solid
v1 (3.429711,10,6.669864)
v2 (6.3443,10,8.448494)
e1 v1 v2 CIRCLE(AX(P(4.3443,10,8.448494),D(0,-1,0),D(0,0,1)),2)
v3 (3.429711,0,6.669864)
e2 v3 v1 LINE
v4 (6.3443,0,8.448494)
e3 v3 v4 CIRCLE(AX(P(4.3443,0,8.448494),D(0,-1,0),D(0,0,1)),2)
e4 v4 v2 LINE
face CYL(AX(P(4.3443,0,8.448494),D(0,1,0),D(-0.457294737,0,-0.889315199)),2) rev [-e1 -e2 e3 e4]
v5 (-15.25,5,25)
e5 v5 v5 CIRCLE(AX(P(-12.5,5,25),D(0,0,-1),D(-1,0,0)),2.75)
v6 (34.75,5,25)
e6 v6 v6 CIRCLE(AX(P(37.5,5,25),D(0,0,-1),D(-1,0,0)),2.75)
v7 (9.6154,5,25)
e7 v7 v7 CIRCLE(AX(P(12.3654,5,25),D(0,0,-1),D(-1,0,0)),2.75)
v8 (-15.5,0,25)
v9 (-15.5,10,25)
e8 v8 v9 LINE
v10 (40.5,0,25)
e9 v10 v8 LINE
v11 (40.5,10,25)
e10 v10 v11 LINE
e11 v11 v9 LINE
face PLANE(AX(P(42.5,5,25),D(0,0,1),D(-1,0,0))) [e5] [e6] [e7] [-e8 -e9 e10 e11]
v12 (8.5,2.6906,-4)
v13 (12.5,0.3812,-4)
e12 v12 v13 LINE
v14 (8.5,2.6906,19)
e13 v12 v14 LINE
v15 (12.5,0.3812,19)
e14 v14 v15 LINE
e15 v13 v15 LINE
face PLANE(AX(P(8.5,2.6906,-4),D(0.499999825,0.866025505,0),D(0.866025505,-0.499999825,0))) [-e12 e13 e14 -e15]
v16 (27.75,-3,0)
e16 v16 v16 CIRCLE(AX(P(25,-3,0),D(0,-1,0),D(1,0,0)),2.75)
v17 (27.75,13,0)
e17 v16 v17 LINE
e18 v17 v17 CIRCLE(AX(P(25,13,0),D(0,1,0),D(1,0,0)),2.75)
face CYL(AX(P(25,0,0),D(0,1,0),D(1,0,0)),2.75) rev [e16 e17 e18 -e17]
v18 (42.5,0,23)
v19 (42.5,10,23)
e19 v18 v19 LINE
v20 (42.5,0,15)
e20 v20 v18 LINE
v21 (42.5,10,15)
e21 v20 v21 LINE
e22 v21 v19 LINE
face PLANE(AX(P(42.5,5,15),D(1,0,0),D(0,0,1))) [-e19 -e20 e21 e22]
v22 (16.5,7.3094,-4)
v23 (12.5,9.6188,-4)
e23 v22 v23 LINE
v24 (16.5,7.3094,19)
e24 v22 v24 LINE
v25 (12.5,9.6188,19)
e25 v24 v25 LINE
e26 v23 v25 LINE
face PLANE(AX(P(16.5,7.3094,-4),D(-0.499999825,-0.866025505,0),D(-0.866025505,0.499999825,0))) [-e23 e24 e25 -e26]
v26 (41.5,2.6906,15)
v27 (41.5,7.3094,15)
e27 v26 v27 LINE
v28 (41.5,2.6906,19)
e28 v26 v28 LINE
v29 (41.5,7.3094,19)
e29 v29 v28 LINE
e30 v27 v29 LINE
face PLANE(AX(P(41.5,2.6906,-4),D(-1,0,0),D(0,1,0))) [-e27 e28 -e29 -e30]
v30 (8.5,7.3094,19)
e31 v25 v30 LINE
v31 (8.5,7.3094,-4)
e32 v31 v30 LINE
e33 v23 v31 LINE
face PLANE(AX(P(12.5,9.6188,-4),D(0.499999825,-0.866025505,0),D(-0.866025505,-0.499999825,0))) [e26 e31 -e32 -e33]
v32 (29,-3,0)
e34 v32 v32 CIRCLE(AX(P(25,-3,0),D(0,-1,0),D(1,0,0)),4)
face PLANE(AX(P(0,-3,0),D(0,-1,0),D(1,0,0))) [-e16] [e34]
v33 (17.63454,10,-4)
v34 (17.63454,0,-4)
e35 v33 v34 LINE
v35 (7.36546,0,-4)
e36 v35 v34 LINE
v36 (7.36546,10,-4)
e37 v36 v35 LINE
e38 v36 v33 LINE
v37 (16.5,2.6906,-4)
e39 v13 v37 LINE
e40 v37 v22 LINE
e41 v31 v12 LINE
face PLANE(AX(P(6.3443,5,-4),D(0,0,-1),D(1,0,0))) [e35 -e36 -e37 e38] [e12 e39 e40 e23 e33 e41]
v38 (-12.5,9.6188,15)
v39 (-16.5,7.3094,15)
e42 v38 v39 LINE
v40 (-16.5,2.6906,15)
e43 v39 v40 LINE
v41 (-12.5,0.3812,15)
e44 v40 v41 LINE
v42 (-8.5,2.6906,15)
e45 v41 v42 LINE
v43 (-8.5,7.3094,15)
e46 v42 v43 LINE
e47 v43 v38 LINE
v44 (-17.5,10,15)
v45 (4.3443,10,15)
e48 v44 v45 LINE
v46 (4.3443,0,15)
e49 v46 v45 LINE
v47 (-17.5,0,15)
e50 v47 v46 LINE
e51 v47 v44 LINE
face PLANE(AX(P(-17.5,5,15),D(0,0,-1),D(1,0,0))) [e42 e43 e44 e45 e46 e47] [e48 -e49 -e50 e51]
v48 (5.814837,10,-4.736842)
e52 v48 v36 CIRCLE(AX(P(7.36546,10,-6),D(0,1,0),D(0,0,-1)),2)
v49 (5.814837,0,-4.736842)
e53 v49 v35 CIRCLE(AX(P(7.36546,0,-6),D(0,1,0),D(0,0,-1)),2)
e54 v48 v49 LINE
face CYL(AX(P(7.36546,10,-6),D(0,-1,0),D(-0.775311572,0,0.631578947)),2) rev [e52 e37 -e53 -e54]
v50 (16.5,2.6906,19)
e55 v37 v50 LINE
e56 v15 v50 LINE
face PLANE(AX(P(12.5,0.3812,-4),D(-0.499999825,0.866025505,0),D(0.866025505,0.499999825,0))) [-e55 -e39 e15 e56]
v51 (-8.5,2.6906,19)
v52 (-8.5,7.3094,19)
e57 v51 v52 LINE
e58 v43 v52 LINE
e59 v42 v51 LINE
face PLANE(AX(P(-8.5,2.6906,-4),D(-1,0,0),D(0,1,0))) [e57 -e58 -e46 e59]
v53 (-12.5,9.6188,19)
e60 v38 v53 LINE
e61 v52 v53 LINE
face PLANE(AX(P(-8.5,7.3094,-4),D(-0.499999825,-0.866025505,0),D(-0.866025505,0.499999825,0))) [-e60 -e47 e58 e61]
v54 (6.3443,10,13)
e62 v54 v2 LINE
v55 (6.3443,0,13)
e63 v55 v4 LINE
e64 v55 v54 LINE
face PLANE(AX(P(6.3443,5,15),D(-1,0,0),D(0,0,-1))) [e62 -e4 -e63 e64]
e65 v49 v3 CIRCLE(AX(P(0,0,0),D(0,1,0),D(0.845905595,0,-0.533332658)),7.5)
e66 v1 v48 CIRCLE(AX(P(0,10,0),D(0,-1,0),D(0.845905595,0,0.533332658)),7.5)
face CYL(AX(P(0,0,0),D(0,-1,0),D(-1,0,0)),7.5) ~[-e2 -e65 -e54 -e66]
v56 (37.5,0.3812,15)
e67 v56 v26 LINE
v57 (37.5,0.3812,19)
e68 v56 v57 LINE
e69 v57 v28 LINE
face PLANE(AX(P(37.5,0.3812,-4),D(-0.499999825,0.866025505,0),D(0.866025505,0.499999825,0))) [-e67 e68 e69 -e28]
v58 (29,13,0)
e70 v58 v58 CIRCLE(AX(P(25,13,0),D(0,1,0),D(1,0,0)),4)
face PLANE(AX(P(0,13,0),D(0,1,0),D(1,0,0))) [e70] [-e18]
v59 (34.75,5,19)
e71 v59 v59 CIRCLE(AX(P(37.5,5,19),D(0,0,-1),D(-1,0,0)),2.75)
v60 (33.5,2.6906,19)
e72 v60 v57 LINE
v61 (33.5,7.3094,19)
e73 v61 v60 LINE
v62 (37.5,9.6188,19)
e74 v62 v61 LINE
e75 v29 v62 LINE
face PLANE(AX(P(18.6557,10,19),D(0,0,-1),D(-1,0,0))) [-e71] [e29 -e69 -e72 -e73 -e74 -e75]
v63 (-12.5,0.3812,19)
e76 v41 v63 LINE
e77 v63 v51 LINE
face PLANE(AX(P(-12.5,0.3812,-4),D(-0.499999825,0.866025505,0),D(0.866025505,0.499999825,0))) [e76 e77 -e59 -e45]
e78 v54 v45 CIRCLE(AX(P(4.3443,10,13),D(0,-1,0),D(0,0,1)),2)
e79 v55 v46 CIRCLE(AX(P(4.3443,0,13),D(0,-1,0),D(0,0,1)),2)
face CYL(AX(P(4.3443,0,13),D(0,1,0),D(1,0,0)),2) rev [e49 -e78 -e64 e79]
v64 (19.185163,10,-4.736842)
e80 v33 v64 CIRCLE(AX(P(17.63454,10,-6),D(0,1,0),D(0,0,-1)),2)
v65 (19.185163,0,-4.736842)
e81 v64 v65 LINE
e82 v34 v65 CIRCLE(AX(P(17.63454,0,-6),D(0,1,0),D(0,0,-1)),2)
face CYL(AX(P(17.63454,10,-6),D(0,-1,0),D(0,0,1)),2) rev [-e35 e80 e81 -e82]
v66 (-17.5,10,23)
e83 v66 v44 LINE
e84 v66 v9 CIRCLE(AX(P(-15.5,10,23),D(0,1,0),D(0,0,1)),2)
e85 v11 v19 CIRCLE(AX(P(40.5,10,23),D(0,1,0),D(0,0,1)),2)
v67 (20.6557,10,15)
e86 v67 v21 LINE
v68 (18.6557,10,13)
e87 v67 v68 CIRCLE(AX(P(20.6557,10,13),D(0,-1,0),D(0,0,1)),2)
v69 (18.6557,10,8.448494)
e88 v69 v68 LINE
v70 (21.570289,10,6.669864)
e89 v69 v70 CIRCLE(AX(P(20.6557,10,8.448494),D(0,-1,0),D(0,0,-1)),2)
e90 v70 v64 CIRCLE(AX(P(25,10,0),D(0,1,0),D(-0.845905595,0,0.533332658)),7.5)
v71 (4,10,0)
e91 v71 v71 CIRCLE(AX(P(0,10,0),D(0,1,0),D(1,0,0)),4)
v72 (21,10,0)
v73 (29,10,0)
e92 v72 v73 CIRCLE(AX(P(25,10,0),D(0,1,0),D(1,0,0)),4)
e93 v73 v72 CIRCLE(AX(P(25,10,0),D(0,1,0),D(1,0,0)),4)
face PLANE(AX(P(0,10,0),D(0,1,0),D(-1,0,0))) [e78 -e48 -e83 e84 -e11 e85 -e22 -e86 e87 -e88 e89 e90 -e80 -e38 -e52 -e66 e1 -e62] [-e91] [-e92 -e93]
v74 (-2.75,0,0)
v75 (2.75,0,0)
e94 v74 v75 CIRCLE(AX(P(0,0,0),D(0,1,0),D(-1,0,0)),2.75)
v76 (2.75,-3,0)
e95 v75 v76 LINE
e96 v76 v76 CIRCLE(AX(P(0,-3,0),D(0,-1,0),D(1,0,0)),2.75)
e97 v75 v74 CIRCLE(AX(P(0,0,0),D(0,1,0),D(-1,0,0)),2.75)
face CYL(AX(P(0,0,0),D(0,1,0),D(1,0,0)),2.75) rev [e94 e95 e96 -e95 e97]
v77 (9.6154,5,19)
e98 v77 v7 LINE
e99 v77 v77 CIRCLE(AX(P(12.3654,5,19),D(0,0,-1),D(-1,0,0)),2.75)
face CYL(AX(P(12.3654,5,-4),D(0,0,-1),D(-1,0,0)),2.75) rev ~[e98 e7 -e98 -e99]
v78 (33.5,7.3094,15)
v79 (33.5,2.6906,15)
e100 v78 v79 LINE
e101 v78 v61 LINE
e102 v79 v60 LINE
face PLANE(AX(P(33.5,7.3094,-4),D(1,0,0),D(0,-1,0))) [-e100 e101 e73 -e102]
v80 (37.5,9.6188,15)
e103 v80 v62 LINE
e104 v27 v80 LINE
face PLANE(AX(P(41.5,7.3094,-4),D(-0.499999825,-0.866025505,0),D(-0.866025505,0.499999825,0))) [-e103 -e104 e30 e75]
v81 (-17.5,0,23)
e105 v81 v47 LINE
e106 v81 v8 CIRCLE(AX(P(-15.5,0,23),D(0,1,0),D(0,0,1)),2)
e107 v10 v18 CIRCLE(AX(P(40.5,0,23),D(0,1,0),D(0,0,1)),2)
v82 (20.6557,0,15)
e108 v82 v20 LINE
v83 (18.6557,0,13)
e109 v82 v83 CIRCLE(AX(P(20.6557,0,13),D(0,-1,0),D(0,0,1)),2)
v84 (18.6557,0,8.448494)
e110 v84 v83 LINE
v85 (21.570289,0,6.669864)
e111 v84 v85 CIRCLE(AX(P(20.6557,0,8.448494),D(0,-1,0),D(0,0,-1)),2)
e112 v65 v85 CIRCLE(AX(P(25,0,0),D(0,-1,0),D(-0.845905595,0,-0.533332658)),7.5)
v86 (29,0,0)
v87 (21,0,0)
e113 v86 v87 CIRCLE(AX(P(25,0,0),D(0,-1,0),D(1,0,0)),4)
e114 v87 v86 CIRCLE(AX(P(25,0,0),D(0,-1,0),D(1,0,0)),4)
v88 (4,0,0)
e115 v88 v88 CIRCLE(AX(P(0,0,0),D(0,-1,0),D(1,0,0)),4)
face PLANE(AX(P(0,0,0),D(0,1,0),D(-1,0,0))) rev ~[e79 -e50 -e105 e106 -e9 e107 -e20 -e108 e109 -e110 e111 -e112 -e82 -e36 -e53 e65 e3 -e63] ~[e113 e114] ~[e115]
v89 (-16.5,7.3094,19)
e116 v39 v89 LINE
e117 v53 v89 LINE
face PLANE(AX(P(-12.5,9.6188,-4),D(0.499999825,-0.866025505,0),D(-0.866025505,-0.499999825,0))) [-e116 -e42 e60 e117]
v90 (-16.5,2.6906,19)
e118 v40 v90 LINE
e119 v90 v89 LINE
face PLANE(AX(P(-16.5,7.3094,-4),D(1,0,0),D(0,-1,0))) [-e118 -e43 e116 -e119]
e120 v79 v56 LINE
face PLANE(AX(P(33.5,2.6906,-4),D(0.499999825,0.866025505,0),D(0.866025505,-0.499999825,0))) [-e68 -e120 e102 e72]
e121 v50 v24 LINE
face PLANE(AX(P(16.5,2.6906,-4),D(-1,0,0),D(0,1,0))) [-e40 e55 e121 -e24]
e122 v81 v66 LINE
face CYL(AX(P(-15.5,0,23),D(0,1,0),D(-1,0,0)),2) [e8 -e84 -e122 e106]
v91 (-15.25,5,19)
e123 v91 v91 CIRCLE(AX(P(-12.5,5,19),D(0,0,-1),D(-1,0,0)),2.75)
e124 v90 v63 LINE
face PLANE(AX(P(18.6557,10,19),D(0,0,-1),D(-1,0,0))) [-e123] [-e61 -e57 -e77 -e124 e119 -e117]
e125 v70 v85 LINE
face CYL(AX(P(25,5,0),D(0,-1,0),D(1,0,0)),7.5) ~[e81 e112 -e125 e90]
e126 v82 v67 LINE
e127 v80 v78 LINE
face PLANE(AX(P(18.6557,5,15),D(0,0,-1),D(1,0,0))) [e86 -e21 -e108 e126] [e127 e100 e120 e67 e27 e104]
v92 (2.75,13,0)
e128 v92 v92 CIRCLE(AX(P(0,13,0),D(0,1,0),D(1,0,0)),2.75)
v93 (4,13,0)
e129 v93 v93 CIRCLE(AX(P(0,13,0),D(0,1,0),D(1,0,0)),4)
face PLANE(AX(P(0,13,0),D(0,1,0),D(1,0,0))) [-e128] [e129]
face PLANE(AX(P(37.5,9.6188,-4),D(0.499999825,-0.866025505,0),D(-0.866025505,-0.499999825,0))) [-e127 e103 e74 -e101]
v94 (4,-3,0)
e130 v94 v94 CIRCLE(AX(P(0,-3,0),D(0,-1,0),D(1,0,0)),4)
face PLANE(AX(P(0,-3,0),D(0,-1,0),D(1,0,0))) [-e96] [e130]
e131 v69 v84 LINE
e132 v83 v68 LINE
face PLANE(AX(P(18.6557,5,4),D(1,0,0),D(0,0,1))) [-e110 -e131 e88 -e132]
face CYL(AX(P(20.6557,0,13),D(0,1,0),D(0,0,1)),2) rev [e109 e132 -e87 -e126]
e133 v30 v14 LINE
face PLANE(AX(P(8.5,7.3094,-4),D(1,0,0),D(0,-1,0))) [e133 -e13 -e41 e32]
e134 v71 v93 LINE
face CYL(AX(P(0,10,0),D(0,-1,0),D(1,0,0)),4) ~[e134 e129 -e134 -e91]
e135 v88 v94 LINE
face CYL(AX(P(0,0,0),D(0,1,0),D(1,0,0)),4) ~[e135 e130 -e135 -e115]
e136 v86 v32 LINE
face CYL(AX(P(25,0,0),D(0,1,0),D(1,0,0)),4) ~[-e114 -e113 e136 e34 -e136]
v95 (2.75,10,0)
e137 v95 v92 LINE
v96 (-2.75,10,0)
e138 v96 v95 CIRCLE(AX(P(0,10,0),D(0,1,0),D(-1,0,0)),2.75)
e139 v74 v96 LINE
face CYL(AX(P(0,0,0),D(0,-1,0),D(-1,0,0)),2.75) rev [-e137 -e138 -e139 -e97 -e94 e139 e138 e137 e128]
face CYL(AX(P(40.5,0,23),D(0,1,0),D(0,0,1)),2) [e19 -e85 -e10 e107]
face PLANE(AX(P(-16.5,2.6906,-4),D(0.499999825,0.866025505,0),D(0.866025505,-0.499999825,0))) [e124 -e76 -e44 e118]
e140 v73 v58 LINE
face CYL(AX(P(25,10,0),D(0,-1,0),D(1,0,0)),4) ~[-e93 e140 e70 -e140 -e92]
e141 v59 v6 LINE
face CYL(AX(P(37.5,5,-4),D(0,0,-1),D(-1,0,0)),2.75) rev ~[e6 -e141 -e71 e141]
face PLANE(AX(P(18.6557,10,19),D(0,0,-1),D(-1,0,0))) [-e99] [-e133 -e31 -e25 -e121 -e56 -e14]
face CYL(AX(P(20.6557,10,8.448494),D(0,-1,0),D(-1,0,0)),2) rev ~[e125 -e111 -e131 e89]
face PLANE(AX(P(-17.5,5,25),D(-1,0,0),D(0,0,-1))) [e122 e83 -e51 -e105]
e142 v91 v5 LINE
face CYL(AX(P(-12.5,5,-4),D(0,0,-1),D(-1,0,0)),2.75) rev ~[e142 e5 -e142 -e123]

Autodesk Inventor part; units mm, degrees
ref_plane "YZ Plane" through (0, 0, 0) normal (1, 0, 0) x (0, 1, 0)
ref_plane "XZ Plane" through (0, 0, 0) normal (0, 1, 0) x (-1, 0, 0)
ref_plane "XY Plane" through (0, 0, 0) normal (0, 0, 1) x (1, 0, 0)
sketch "Sketch4" plane through (0, 0, 0) normal (0, 1, 0) x (-1, 0, 0)
  circle A0 centre (0, 0) radius 7.5
  circle A1 centre (0, 0) radius 2.75
  dimension "d19" = 15
  dimension "d20" = 5.5
extrude "Extrusion4" add sketch "Sketch4" along normal blind 10
ref_plane "Work Plane2" through (0, 5, 0) normal (0, 1, 0) x (1, 0, 0)
sketch "Sketch12" plane through (0, 5, 0) normal (0, 1, 0) x (1, 0, 0)
  circle A0 centre (0, 0) radius 2.75 projected
  line L0 (0, 0) -> (25, 0)
  circle A1 centre (25, 0) radius 2.75
  circle A2 centre (25, 0) radius 7.5
  line L1 (12.5, 0) -> (12.5, -20)
  line L2 (42.5, -25) -> (-17.5, -25)
  line L3 (-17.5, -25) -> (-17.5, -15)
  line L4 (-17.5, -15) -> (42.5, -15)
  line L5 (42.5, -15) -> (42.5, -25)
  line L6 (42.5, -25) -> (-17.5, -15) construction
  line L7 (-17.5, -25) -> (42.5, -15) construction
  circle A3 centre (0, 0) radius 7.5 projected
  line L8 (18.6557, -4) -> (6.3443, -4)
  line L9 (6.3443, -4) -> (6.3443, 4)
  line L10 (6.3443, 4) -> (18.6557, 4)
  line L11 (18.6557, 4) -> (18.6557, -4)
  line L12 (18.6557, -4) -> (6.3443, 4) construction
  line L13 (6.3443, -4) -> (18.6557, 4) construction
  line L14 (6.3443, 4) -> (18.6557, 4)
  line L15 (18.6557, 4) -> (18.6557, -16)
  line L16 (18.6557, -16) -> (6.3443, -16)
  line L17 (6.3443, -16) -> (6.3443, 4)
  point P0 (6.3443, -15)
  point P1 (18.6557, -15)
  dimension "d66" = 25
  dimension "d67" = 5.5
  dimension "d68" = 15
  dimension "d69" = 20
  dimension "d70" = 60
  dimension "d71" = 10
  dimension "d72" = 8
  dimension "d73" = 20
extrude "Extrusion10" add sketch "Sketch12" along normal mid plane 10 contours A3 L10 A2 L0 | L0 L1 L8 A3 | L8 L1 L4 L17 | L0 A2 L8 L1 | L8 L15 L4 L1 | L17 L16 L15 L4 L5 L2 L3 | L4 L1 L16 L17 | L11 L0 A2 | A2 L11 | L0 L11 A2 | L4 L15 L16 L1
sketch "Sketch13" plane through (18.6557, 10, -4) normal (0, 0, -1) x (-1, 0, 0)
  line L0 (0, 0) -> (12.3114, 0) projected
  line L1 (6.1557, 0) -> (6.1557, -5)
  line L2 (6.1557, -9.6188) -> (2.1557, -7.3094)
  line L3 (2.1557, -7.3094) -> (2.1557, -2.6906)
  line L4 (2.1557, -2.6906) -> (6.1557, -0.3812)
  line L5 (6.1557, -0.3812) -> (10.1557, -2.6906)
  line L6 (10.1557, -2.6906) -> (10.1557, -7.3094)
  line L7 (10.1557, -7.3094) -> (6.1557, -9.6188)
  line L8 (36.1557, -10) -> (36.1557, 0) projected
  line L9 (36.1557, -5) -> (31.1557, -5)
  line L10 (31.1557, -9.6188) -> (27.1557, -7.3094)
  line L11 (27.1557, -7.3094) -> (27.1557, -2.6906)
  line L12 (27.1557, -2.6906) -> (31.1557, -0.3812)
  line L13 (31.1557, -0.3812) -> (35.1557, -2.6906)
  line L14 (35.1557, -2.6906) -> (35.1557, -7.3094)
  line L15 (35.1557, -7.3094) -> (31.1557, -9.6188)
  line L16 (-23.8443, -10) -> (-23.8443, 0) projected
  line L17 (-23.8443, -5) -> (-18.8443, -5)
  line L18 (-23.8443, -5) -> (-18.8443, -5) construction
  line L19 (-18.8443, -9.6188) -> (-22.8443, -7.3094)
  line L20 (-22.8443, -7.3094) -> (-22.8443, -2.6906)
  line L21 (-22.8443, -2.6906) -> (-18.8443, -0.3812)
  line L22 (-18.8443, -0.3812) -> (-14.8443, -2.6906)
  line L23 (-14.8443, -2.6906) -> (-14.8443, -7.3094)
  line L24 (-14.8443, -7.3094) -> (-18.8443, -9.6188)
  point P0 (18.6557, -10)
  dimension "d76" = 5
  dimension "d77" = 8
  dimension "d78" = 5
  dimension "d79" = 8
  dimension "d80" = 5
  dimension "d81" = 0
  dimension "d82" = 8
extrude "Extrusion11" cut sketch "Sketch13" against normal blind 23
fillet "Fillet4" radius 2 8 edges at (18.6557, 5, 15) (6.3443, 5, 15) (-17.5, 5, 25) (42.5, 5, 25) (6.3443, 5, -4) (18.6557, 5, -4) (18.6557, 5, 4) (6.3443, 5, 4)
sketch "Sketch14" plane through (17.6345, 0, -4) normal (0, 0, -1) x (-1, 0, 0)
  circle A0 centre (5.2691, 5) radius 2.75
  line L0 (0, 10) -> (10.2691, 10) projected
  line L1 (10.2691, 10) -> (10.2691, 0) projected
  circle A1 centre (-19.8655, 5) radius 2.75
  circle A2 centre (30.1345, 5) radius 2.75
  line L2 (35.1345, 0) -> (35.1345, 10) projected
  line L3 (-24.8655, 0) -> (-24.8655, 10) projected
  point P0 (17.6345, 0)
  dimension "d86" = 5.5
  dimension "d87" = 5
  dimension "d88" = 5
  dimension "d89" = 5.5
  dimension "d90" = 5.5
  dimension "d91" = 5
  dimension "d92" = 5
extrude "Extrusion12" cut sketch "Sketch14" against normal through all
sketch "Sketch15" plane through (0, 10, 0) normal (0, 1, 0) x (1, 0, 0)
  circle A0 centre (0, 0) radius 2.75
  circle A1 centre (25, 0) radius 2.75 projected
  circle A2 centre (25, 0) radius 2.75
  circle A3 centre (0, 0) radius 2.75 projected
  circle A4 centre (0, 0) radius 4
  circle A5 centre (25, 0) radius 4
  dimension "d95" = 5.5
  dimension "d96" = 5.5
  dimension "d97" = 8
  dimension "d98" = 8
extrude "Extrusion13" add sketch "Sketch15" along normal blind 3
sketch "Sketch16" plane through (0, 0, 0) normal (0, -1, 0) x (1, 0, 0)
  circle A0 centre (0, 0) radius 2.75 projected
  circle A1 centre (0, 0) radius 2.75
  circle A2 centre (25, 0) radius 2.75 projected
  circle A3 centre (25, 0) radius 2.75
  circle A4 centre (25, 0) radius 4
  circle A5 centre (0, 0) radius 4
  dimension "d101" = 5.5
  dimension "d102" = 8
  dimension "d103" = 8
extrude "Extrusion14" add sketch "Sketch16" along normal blind 3
properties part number "4mm_Roller_Spacer" material "PET Plastic"
